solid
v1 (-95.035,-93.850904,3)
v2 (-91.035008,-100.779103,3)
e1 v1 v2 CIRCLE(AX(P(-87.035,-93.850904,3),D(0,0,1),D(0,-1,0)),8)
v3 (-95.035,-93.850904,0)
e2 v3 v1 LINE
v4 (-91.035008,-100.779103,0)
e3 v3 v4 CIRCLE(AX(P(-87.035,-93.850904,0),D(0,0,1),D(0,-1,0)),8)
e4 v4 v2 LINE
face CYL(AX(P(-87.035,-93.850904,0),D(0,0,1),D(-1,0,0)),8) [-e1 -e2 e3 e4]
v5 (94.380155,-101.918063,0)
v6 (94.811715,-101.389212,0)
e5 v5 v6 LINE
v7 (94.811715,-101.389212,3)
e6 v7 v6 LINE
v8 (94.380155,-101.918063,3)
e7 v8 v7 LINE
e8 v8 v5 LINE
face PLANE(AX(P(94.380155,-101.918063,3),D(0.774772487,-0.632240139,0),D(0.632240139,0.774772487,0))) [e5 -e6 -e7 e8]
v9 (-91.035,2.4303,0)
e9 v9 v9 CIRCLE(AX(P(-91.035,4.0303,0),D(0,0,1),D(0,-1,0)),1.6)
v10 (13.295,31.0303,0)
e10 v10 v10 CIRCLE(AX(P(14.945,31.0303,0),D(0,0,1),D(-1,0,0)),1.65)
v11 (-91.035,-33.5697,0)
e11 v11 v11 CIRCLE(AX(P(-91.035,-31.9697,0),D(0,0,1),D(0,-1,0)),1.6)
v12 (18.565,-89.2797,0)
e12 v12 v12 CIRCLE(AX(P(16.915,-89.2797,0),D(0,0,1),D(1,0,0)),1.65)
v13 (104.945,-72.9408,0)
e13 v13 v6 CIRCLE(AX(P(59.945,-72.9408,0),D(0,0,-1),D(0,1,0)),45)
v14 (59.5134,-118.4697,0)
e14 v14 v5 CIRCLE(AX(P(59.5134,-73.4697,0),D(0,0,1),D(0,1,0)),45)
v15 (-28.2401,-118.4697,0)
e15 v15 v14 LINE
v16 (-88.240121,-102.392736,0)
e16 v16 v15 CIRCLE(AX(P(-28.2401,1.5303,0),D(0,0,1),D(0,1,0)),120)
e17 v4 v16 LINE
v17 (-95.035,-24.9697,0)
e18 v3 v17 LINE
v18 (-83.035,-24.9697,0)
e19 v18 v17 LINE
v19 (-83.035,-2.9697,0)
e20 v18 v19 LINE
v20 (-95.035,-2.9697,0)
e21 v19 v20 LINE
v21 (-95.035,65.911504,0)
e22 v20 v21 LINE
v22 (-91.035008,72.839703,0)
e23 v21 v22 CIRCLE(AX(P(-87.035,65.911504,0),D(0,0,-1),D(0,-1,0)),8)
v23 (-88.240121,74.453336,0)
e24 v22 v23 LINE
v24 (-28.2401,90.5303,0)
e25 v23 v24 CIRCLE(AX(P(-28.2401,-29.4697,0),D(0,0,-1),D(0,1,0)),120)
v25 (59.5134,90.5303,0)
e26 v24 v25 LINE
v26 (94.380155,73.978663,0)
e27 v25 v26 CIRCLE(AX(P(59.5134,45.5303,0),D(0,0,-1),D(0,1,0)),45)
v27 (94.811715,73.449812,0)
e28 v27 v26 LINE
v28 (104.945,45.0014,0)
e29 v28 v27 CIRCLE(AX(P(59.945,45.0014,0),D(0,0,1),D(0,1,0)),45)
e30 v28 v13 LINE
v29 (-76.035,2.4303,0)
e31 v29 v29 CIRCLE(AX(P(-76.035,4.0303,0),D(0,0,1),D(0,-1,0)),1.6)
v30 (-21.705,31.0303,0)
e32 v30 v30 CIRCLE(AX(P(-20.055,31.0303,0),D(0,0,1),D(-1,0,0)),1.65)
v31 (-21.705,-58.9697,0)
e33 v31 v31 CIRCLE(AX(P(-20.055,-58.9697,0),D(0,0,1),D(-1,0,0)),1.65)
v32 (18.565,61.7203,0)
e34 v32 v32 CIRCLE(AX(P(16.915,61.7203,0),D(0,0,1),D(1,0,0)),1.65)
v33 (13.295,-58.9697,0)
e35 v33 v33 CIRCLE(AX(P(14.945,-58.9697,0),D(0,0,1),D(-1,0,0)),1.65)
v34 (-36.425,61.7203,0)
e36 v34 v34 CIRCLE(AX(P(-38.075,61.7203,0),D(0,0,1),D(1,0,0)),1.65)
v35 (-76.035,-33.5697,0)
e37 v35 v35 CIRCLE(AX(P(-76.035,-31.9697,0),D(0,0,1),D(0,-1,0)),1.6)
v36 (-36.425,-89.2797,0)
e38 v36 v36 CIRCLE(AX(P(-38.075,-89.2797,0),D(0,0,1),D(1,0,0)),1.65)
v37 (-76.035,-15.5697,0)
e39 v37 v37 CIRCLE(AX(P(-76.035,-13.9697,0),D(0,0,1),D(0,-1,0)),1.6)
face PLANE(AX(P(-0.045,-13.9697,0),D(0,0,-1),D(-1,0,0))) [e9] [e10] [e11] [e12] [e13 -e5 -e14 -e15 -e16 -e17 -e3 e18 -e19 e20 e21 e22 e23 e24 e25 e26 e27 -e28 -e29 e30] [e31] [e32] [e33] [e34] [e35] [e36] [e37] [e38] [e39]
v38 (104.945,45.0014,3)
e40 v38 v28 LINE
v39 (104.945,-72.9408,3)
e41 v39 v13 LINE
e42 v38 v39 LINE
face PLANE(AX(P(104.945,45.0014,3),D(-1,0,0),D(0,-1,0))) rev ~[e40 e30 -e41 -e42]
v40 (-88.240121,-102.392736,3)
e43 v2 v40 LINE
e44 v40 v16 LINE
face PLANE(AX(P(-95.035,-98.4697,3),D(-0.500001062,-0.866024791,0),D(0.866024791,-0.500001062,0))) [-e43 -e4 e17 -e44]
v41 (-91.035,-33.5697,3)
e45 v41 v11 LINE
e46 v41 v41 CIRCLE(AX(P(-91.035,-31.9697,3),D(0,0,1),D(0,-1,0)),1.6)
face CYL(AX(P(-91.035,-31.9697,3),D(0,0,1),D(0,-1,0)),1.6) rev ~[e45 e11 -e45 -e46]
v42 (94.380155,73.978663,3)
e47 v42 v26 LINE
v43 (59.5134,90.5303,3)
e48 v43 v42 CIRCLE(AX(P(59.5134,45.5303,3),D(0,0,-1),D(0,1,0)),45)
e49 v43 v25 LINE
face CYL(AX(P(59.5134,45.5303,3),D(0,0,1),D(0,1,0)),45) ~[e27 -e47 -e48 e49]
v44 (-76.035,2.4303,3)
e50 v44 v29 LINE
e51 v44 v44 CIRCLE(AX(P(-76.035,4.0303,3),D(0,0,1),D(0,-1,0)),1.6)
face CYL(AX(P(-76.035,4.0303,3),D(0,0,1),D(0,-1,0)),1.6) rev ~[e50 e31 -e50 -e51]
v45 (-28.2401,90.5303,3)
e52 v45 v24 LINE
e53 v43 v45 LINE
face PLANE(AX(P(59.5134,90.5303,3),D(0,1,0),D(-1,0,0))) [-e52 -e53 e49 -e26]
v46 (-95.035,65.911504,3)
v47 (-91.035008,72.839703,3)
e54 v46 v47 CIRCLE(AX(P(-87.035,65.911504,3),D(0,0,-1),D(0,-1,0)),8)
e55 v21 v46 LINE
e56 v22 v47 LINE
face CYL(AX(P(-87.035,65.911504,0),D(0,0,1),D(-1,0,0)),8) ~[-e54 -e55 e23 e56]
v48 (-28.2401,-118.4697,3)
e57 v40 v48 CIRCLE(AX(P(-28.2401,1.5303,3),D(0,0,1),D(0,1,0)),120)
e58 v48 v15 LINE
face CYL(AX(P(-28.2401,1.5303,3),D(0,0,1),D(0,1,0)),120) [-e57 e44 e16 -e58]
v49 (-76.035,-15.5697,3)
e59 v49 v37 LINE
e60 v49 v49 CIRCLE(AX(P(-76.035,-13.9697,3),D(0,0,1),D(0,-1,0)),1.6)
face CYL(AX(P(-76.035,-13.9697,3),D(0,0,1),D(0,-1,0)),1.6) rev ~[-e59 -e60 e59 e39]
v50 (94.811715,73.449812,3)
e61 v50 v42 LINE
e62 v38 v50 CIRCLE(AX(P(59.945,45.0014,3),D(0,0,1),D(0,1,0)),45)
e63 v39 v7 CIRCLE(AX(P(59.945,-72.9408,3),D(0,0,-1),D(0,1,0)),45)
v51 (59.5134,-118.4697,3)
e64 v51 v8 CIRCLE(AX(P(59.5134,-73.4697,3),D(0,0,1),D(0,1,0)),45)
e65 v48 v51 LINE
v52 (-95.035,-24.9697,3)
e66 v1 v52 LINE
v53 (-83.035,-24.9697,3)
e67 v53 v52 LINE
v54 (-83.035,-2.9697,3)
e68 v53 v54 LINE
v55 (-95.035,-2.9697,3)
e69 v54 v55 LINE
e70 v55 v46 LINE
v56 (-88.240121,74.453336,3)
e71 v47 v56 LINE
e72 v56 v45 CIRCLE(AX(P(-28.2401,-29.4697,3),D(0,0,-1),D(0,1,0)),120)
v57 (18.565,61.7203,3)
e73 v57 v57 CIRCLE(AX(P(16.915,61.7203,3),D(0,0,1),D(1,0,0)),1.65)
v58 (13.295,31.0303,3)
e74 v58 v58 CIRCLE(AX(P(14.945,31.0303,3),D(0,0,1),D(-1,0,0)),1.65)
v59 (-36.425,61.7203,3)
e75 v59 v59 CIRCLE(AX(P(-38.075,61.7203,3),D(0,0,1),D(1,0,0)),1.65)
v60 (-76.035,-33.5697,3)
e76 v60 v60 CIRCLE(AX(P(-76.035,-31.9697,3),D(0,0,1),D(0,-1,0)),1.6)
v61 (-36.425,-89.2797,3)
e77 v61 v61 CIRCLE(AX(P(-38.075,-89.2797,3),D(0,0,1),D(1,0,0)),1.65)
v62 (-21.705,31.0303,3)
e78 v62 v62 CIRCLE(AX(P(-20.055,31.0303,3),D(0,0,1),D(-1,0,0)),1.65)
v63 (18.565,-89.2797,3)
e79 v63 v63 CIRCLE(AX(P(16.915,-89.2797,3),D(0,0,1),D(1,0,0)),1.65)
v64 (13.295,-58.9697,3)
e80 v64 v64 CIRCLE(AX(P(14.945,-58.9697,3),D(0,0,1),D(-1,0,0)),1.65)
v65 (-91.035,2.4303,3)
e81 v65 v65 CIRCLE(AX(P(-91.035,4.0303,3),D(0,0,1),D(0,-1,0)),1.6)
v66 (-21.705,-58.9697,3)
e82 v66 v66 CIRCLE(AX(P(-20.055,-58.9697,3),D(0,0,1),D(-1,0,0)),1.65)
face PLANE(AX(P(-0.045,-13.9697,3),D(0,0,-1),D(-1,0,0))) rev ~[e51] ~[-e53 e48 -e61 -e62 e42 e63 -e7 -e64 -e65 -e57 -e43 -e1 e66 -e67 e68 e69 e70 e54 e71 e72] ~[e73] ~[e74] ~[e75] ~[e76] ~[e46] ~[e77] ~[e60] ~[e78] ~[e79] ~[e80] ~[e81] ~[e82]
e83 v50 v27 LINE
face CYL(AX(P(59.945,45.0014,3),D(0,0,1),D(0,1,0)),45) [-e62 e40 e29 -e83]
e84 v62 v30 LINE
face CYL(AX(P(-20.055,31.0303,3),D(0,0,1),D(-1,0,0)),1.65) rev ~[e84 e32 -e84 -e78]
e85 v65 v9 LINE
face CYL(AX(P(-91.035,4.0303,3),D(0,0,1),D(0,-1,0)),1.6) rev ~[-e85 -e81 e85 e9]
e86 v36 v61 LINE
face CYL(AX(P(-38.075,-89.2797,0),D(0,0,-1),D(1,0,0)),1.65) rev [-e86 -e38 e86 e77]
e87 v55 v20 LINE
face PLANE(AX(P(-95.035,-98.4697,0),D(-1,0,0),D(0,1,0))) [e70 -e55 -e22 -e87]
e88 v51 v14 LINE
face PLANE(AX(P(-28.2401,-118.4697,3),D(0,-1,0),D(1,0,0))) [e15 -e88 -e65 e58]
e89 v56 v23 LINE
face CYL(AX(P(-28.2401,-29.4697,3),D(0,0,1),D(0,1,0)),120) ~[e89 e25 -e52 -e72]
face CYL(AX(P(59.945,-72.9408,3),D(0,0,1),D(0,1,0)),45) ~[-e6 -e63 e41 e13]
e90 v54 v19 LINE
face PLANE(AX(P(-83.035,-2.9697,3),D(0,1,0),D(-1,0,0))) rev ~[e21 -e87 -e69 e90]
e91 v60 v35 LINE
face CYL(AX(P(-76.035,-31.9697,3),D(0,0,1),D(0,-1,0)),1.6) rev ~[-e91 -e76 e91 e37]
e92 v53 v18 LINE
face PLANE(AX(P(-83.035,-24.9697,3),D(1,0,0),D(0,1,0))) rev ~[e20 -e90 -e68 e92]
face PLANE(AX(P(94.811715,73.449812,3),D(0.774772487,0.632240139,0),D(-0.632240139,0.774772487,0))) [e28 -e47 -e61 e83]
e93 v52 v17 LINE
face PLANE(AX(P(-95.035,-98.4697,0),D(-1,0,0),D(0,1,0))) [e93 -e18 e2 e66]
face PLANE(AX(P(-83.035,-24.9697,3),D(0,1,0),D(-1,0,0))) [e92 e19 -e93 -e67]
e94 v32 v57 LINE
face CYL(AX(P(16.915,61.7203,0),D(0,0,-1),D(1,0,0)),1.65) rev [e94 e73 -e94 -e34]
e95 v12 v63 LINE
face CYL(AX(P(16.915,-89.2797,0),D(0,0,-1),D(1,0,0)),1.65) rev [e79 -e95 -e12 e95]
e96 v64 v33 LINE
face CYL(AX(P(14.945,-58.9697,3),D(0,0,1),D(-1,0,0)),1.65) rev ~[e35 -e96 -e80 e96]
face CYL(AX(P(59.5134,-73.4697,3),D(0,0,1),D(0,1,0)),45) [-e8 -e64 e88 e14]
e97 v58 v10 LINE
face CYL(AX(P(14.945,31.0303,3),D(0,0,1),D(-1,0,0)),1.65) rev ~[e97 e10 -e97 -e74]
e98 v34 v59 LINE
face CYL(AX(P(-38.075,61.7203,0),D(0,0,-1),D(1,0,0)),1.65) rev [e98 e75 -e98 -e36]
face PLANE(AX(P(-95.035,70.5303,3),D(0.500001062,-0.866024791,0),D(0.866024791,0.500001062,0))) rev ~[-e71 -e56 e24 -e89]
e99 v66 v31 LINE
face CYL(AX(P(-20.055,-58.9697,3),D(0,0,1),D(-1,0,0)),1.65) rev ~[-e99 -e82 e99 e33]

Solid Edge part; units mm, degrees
sketch "Sketch1" plane through (0, 0, 0) normal (0, 0, 1) x (1, 0, 0)
  circle A0 centre (-38.075, 61.7203) radius 1.65
  circle A1 centre (16.915, 61.7203) radius 1.65
  line L0 (-95.035, 70.5303) -> (94.945, 70.5303)
  line L1 (94.945, 70.5303) -> (94.945, -98.4697)
  line L2 (94.945, -98.4697) -> (-95.035, -98.4697)
  line L3 (-95.035, -98.4697) -> (-95.035, 70.5303)
  circle A2 centre (16.915, -89.2797) radius 1.65
  circle A3 centre (-38.075, -89.2797) radius 1.65
  dimension "D1" = 189.98
  dimension "D2" = 169
  dimension "D3" = 3.3
  dimension "D4" = 3.3
  dimension "D5" = 3.3
  dimension "D6" = 3.3
  dimension "D7" = 56.96
  dimension "D8" = 54.99
  dimension "D9" = 9.19
  dimension "D10" = 151
  dimension "D11" = 8.81
extrude "Protrusion1" add sketch "Sketch1" along normal blind 3
sketch "Sketch2" plane through (-0.045, -13.9697, 3) normal (0, 0, 1) x (-1, 0, 0)
  circle A0 centre (-14.99, 45) radius 1.65
  circle A1 centre (20.01, 45) radius 1.65
  circle A2 centre (20.01, -45) radius 1.65
  circle A3 centre (-14.99, -45) radius 1.65
  dimension "D1" = 3.3
  dimension "D2" = 3.3
  dimension "D3" = 3.3
  dimension "D4" = 3.3
  dimension "D5" = 90
  dimension "D6" = 35
  dimension "D7" = 39.5
  dimension "D8" = 39.5
  dimension "D9" = 80
extrude "Cutout1" cut sketch "Sketch2" against normal up to next
sketch "Sketch3" plane through (-0.045, -13.9697, 3) normal (0, 0, 1) x (0, -1, 0)
  circle A0 centre (-18, -75.99) radius 1.6
  circle A1 centre (-18, -90.99) radius 1.6
  circle A2 centre (0, -75.99) radius 1.6
  circle A3 centre (18, -75.99) radius 1.6
  circle A4 centre (18, -90.99) radius 1.6
  line L0 (11, -82.99) -> (-11, -82.99)
  line L1 (-11, -82.99) -> (-11, -94.99)
  line L2 (11, -94.99) -> (-11, -94.99)
  line L3 (11, -82.99) -> (11, -94.99)
  dimension "D1" = 18
  dimension "D2" = 18
  dimension "D3" = 15
  dimension "D4" = 4
extrude "Cutout2" cut sketch "Sketch3" against normal up to next
sketch "Sketch4" plane through (-0.045, -13.9697, 3) normal (0, 0, 1) x (0, 1, 0)
  arc A0 (-88.423, 88.1951) -> (-104.5, 28.1951) centre (15.5, 28.1951) ccw
  line L0 (-104.5, 28.1951) -> (-104.5, -59.5584)
  arc A1 (-104.5, -59.5584) -> (-87.9484, -94.4252) centre (-59.5, -59.5584) ccw
  line L1 (-87.9484, -94.4252) -> (-87.4195, -94.8567)
  arc A2 (-58.9711, -104.99) -> (-87.4195, -94.8567) centre (-58.9711, -59.99) cw
  line L2 (58.9711, -104.99) -> (-58.9711, -104.99)
  arc A3 (58.9711, -104.99) -> (87.4195, -94.8567) centre (58.9711, -59.99) ccw
  line L3 (87.4195, -94.8567) -> (87.9484, -94.4252)
  arc A4 (104.5, -59.5584) -> (87.9484, -94.4252) centre (59.5, -59.5584) cw
  line L4 (104.5, -59.5584) -> (104.5, 0)
  line L5 (104.5, 28.1951) -> (104.5, 0)
  arc A5 (88.423, 88.1951) -> (104.5, 28.1951) centre (-15.5, 28.1951) cw
  line L6 (84.5, 94.99) -> (88.423, 88.1951)
  line L7 (84.5, -94.99) -> (84.5, 94.99)
  line L8 (-84.5, -94.99) -> (84.5, -94.99)
  line L9 (-84.5, 94.99) -> (-84.5, -94.99)
  line L10 (-84.5, 94.99) -> (-88.423, 88.1951)
extrude "ExtrudedProtrusion_2" add sketch "Sketch4" against normal blind 3
fillet "Round_3" radius 8 2 edges at (-95.035, 70.5303, 1.5) (-95.035, -98.4697, 1.5)
